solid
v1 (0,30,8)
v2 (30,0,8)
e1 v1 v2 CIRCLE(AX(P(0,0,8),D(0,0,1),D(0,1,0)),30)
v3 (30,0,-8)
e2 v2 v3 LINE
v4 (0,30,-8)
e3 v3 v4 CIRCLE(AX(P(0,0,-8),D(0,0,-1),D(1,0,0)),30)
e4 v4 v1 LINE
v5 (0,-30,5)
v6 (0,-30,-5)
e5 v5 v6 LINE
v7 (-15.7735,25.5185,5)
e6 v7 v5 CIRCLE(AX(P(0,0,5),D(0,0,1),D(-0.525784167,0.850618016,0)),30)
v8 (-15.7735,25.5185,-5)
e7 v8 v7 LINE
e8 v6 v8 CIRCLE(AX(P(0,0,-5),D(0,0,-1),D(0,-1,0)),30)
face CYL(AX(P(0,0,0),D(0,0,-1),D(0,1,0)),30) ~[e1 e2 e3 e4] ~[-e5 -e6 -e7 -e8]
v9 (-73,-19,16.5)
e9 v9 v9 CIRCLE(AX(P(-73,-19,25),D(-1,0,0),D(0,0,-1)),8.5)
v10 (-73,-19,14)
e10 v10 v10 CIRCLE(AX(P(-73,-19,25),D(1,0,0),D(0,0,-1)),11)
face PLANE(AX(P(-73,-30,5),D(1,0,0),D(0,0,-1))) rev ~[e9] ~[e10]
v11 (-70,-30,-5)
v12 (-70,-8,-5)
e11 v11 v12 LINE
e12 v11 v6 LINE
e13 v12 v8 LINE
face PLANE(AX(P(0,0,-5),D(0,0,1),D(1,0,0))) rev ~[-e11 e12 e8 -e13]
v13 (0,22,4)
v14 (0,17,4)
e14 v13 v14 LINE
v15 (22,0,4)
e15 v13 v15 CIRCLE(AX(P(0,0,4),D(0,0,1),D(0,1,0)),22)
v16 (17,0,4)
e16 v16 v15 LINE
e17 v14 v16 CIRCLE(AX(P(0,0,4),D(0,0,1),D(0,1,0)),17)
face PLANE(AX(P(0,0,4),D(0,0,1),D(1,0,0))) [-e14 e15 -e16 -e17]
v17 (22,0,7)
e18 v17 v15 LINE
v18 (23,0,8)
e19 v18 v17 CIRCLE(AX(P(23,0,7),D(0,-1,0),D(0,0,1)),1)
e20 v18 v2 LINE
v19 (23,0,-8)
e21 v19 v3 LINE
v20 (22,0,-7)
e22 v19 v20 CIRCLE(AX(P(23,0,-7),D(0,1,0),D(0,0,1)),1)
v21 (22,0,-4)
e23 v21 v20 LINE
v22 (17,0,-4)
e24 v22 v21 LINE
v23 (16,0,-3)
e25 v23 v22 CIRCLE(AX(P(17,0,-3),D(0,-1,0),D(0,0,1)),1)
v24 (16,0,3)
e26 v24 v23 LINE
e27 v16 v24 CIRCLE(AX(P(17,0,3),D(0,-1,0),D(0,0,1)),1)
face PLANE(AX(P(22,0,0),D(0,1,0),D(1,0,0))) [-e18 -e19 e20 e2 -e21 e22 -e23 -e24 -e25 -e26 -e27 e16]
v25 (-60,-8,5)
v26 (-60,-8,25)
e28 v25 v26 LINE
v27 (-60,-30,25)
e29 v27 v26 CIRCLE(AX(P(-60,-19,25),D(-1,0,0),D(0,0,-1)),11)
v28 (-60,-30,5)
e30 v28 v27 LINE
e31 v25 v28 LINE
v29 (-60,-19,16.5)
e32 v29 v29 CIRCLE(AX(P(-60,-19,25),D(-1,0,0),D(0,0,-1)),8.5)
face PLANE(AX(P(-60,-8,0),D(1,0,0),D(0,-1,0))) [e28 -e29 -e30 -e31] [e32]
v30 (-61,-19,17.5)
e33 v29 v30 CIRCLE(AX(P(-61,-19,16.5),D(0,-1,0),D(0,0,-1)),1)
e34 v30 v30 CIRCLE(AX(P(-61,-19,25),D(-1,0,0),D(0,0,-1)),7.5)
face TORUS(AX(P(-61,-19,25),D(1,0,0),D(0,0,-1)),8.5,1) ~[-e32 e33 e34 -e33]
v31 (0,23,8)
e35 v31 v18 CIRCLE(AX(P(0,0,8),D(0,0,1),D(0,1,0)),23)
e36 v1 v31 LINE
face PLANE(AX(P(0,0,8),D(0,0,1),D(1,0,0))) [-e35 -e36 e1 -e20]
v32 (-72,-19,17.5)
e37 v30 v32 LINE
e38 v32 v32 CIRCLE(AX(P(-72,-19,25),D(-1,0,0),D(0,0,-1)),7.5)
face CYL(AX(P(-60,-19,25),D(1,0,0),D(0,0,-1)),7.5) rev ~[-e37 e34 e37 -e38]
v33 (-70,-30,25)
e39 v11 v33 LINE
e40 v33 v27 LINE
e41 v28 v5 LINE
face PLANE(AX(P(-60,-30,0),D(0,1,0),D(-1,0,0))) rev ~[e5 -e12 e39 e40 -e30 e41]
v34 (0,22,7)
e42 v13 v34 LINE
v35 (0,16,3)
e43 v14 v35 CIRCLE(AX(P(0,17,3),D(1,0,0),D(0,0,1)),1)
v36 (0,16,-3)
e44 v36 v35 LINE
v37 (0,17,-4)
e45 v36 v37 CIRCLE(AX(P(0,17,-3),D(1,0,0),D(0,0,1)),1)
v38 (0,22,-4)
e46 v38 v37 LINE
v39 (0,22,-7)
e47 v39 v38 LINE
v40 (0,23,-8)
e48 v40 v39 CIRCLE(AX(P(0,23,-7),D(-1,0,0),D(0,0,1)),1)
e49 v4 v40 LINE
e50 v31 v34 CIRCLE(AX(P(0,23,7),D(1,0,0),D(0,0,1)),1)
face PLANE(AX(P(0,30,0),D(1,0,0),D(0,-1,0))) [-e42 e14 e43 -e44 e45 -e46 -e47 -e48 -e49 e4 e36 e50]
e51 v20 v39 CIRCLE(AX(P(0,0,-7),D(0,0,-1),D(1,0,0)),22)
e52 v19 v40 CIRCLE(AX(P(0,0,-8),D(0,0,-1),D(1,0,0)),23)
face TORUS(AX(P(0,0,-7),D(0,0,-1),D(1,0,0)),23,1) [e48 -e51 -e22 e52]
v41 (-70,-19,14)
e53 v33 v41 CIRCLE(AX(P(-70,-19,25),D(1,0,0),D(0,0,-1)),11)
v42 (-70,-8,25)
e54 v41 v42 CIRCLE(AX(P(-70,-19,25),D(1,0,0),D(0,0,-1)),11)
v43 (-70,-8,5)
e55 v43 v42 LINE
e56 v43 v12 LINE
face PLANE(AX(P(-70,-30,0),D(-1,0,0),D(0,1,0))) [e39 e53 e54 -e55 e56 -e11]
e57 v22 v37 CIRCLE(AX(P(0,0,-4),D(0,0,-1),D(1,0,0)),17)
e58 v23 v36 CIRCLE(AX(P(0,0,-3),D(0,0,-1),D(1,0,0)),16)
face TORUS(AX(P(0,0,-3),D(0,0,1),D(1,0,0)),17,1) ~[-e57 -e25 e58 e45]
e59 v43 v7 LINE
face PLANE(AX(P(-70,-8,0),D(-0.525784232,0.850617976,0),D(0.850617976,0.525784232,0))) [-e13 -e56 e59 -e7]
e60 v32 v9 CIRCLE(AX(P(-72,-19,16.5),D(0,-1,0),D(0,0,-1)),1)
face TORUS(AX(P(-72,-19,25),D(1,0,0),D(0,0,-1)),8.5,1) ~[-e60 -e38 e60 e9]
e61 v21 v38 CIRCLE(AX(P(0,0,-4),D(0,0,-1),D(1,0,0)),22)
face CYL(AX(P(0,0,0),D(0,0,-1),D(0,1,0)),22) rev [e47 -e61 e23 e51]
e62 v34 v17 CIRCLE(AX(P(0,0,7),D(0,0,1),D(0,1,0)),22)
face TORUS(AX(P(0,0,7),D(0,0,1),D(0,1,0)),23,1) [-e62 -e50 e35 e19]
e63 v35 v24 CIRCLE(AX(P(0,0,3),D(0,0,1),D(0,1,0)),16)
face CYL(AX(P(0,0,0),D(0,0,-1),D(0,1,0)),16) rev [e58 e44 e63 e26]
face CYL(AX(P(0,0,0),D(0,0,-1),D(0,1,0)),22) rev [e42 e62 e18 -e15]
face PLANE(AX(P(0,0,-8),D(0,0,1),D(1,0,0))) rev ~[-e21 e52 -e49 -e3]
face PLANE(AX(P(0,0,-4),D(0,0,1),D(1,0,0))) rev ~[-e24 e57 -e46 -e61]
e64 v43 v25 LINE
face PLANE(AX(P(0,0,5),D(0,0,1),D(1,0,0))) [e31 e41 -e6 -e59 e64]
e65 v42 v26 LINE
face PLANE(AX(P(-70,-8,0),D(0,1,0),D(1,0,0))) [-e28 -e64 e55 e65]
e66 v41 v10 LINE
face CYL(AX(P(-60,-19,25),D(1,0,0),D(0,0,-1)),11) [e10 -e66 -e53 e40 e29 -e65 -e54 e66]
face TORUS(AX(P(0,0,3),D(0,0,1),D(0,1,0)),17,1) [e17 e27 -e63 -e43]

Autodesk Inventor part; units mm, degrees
ref_plane "YZ Plane" through (0, 0, 0) normal (1, 0, 0) x (0, 1, 0)
ref_plane "XZ Plane" through (0, 0, 0) normal (0, 1, 0) x (-1, 0, 0)
ref_plane "XY Plane" through (0, 0, 0) normal (0, 0, 1) x (1, 0, 0)
sketch "스케치1" plane through (0, 0, 0) normal (0, 1, 0) x (-1, 0, 0)
  point P0 (0, 0)
sketch "스케치2" plane through (0, 0, 0) normal (0, 0, 1) x (1, 0, 0)
  arc A0 (0, 16) -> (16, 0) centre (0, 0) ccw
  arc A1 (0, 22) -> (22, 0) centre (0, 0) ccw
  arc A2 (0, 30) -> (30, 0) centre (0, 0) ccw
  line L0 (-70, -8) -> (-60, -8)
  line L1 (-60, -8) -> (-60, -30)
  line L2 (-60, -30) -> (-70, -30)
  line L3 (-70, -30) -> (-70, -8)
  line L4 (-70, -8) -> (-15.7735, 25.5185)
  line L5 (-70, -30) -> (0, -30)
  line L6 (-73, -8) -> (-70, -8)
  line L7 (-73, -8) -> (-73, -30)
  line L8 (-67, -30) -> (-73, -30)
  line L9 (0, 40) -> (0, -40)
  line L10 (-40, 0) -> (40, 0)
  point P0 (-71.5, -8)
  dimension "d0" = 32
  dimension "d1" = 44
  dimension "d2" = 60
  dimension "d4" = 22
  dimension "d5" = 70
  dimension "d7" = 10
  dimension "d8" = 3
  dimension "d13" = 80
  dimension "d14" = 80
extrude "돌출3" add sketch "스케치2" along normal mid plane 8 contours A0 L10 A1 L9 | A0 L9 A1 L10 | A0 L10 A1 L9
extrude "돌출4" add sketch "스케치2" along normal mid plane 16 contours A1 L10 A2 L9 | A1 L9 A2 L10 | A1 L10 A2 L9
extrude "돌출5" add sketch "스케치2" along normal mid plane 10 contours A2 L5 L1 L0 L4
extrude "돌출6" add sketch "스케치2" against normal blind 5 contours L0 L1 L2 L3
extrude "돌출7" add sketch "스케치2" along normal blind 25 contours L0 L1 L2 L3
sketch "스케치4" plane through (-60, -30, 5) normal (1, 0, 0) x (0, 0, -1)
  circle A0 centre (-20, 11) radius 11
  circle A1 centre (-20, 11) radius 7.5
  line L0 (-20, 0) -> (-20, 22) projected
  line L1 (10, 0) -> (10, 55.5185) projected
  line L2 (10, 0) -> (-20, 0)
  line L3 (10, 22) -> (-20, 22)
  point P0 (5, 30)
  point P1 (-5, 0)
  point P2 (-20, 18.5)
  point P3 (-20, 3.5)
  dimension "d28" = 22
  dimension "d29" = 15
  dimension "d30" = 30
extrude "돌출8" add sketch "스케치4" against normal blind 13 contours A0 L0 A1 | L0 A1 A0
extrude "돌출9" cut sketch "스케치4" against normal blind 13 contours A1 L0 picked at (-15.876, 12.5587)
fillet "모깎기1" radius 1 6 edges at (-11.3137, -11.3137, 4) (-15.5563, -15.5563, 8) (-60, -11.5, 25) (-11.3137, -11.3137, -4) (-15.5563, -15.5563, -8) (-73, -19, 32.5)
properties part number "Day02_Task02"
